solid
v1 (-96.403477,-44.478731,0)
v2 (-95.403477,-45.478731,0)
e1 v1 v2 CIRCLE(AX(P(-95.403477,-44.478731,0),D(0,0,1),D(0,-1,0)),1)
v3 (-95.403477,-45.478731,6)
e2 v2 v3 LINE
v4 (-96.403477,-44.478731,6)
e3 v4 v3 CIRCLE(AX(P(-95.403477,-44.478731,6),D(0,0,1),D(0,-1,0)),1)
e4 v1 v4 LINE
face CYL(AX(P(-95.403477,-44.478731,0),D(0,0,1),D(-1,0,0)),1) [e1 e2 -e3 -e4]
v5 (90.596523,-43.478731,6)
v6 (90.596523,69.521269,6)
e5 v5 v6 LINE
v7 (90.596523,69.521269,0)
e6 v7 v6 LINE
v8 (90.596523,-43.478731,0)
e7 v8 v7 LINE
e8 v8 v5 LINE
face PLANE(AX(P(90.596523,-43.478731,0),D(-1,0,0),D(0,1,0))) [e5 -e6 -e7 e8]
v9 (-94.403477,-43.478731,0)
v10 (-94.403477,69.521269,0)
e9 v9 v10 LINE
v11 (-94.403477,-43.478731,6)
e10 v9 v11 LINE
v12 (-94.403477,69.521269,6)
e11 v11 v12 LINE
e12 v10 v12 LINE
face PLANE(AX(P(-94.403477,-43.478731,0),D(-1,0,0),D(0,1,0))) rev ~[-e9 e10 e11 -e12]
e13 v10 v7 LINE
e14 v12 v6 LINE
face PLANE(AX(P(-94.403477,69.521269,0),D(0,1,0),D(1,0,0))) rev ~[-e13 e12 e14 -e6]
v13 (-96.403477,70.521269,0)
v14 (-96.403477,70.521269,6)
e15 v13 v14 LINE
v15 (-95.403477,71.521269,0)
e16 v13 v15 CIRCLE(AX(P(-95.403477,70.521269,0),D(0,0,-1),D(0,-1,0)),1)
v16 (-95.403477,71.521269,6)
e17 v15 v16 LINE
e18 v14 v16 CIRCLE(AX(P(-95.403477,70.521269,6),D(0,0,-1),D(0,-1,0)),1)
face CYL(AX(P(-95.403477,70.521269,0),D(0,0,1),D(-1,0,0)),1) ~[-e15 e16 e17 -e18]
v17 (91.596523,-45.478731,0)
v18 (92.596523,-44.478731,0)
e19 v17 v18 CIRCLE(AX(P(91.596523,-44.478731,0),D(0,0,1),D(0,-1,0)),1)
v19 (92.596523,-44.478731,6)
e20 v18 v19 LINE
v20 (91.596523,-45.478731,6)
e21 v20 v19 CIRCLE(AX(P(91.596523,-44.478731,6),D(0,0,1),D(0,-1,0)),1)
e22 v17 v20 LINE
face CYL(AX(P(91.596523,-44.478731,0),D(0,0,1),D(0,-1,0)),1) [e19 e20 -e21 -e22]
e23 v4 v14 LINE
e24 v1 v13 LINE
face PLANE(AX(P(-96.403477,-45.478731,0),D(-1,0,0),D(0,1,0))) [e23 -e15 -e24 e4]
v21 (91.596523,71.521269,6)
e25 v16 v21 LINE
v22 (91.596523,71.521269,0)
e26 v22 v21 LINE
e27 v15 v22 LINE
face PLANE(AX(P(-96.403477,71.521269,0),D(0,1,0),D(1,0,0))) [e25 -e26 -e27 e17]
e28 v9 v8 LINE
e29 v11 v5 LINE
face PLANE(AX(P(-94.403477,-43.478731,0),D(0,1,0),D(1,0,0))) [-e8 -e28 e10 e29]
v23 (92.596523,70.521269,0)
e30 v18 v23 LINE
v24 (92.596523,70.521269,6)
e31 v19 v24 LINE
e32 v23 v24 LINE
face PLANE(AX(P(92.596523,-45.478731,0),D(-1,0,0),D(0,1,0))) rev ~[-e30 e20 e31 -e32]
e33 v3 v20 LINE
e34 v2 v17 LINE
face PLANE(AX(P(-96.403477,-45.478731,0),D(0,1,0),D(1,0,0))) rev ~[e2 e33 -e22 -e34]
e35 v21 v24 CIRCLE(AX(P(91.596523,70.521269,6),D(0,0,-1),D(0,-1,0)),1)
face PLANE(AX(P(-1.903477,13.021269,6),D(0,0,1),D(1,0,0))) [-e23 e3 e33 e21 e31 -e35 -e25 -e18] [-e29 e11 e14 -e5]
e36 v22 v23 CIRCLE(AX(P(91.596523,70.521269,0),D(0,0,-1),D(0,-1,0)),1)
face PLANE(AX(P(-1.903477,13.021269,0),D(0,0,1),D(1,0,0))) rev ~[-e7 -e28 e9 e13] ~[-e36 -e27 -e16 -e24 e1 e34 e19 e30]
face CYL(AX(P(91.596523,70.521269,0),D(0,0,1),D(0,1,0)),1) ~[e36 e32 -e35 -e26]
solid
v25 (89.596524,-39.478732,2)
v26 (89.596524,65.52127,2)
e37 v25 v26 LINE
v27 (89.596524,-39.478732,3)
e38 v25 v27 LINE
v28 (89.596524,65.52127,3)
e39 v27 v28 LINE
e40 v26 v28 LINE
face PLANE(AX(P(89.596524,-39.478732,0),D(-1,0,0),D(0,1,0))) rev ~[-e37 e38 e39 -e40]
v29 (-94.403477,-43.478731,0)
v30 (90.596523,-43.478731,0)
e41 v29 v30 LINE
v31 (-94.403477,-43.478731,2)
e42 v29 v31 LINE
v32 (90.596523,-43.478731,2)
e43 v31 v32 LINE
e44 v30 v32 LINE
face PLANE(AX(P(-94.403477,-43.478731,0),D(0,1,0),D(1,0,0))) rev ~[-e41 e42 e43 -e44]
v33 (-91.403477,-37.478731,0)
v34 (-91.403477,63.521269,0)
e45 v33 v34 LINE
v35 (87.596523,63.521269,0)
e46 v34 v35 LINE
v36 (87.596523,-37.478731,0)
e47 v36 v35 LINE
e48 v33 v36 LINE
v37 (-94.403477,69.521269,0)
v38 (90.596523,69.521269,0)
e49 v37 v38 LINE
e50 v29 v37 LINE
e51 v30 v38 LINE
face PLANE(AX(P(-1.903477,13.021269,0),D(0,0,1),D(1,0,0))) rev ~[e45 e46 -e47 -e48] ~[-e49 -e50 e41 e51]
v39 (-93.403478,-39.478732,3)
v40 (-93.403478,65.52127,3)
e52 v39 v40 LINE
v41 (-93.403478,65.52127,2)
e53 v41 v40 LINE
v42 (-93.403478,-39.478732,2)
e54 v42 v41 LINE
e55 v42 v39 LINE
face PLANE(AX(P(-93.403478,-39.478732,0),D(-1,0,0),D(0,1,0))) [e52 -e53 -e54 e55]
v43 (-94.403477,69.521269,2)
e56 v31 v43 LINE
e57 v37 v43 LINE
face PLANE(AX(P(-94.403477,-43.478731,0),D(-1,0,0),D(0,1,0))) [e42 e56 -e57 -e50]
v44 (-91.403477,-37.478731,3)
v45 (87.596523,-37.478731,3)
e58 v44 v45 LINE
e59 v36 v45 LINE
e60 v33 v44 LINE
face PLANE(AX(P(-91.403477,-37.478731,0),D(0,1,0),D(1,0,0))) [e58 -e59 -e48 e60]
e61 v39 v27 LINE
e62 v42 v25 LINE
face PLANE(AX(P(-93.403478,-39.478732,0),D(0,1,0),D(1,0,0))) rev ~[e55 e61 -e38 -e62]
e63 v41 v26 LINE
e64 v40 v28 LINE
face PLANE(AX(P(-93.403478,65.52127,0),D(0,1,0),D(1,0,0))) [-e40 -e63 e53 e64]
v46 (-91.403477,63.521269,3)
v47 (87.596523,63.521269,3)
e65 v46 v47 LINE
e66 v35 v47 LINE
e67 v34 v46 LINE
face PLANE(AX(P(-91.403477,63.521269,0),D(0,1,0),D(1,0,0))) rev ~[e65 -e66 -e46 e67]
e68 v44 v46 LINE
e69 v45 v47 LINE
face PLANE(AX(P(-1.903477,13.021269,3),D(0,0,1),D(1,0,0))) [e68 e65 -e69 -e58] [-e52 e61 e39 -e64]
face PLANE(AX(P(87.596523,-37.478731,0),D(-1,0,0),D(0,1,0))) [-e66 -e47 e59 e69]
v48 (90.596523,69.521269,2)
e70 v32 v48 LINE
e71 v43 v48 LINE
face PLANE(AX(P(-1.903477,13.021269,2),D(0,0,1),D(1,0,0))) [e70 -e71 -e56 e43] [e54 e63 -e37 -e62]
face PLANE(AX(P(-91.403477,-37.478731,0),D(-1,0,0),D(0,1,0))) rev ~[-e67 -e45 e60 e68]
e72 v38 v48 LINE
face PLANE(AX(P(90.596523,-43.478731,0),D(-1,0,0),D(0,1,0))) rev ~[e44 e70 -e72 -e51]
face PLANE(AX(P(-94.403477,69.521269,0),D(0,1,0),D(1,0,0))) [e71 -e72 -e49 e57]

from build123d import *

# Parameters (mm, degrees)
F0_W     = 189
F0_H     = 117
F0_W_2   = 185
F0_H_2   = 113
F1_DEPTH = 6
F0_W_3   = 183.000002
F0_H_3   = 105.000002
F2_DEPTH = 2
F3_R     = 1
F0_W_4   = 179
F0_H_4   = 101
F4_DEPTH = 3


with BuildPart() as f1:
    # F0 (on Top) → F1 (new body)
    with BuildSketch(Plane.XY):
        with Locations((-1.903477, 13.021269)):
            Rectangle(F0_W, F0_H)
        with Locations((-1.903477, 13.021269)):
            Rectangle(F0_W_2, F0_H_2, mode=Mode.SUBTRACT)
    extrude(amount=F1_DEPTH)

    # F3
    f3_edges = [f1.edges().sort_by_distance(p)[0] for p in [
        (-96.403477, -45.478731, 3),
        (-96.403477, 71.521269, 3),
        (92.596523, 71.521269, 3),
        (92.596523, -45.478731, 3),
    ]]
    fillet(f3_edges, radius=F3_R)


with BuildPart() as f2:
    # F0 (on Top) → F2 (new body)
    with BuildSketch(Plane.XY):
        with Locations((-1.903477, 13.021269)):
            Rectangle(F0_W_2, F0_H_2)
        with Locations((-1.903477, 13.021269)):
            Rectangle(F0_W_3, F0_H_3, mode=Mode.SUBTRACT)
    extrude(amount=F2_DEPTH)

    # F0 (on Top) → F4 (join)
    with BuildSketch(Plane.XY):
        with Locations((-1.903477, 13.021269)):
            Rectangle(F0_W_3, F0_H_3)
        with Locations((-1.903477, 13.021269)):
            Rectangle(F0_W_4, F0_H_4, mode=Mode.SUBTRACT)
    extrude(amount=F4_DEPTH)


solid = Compound([f1.part, f2.part])
